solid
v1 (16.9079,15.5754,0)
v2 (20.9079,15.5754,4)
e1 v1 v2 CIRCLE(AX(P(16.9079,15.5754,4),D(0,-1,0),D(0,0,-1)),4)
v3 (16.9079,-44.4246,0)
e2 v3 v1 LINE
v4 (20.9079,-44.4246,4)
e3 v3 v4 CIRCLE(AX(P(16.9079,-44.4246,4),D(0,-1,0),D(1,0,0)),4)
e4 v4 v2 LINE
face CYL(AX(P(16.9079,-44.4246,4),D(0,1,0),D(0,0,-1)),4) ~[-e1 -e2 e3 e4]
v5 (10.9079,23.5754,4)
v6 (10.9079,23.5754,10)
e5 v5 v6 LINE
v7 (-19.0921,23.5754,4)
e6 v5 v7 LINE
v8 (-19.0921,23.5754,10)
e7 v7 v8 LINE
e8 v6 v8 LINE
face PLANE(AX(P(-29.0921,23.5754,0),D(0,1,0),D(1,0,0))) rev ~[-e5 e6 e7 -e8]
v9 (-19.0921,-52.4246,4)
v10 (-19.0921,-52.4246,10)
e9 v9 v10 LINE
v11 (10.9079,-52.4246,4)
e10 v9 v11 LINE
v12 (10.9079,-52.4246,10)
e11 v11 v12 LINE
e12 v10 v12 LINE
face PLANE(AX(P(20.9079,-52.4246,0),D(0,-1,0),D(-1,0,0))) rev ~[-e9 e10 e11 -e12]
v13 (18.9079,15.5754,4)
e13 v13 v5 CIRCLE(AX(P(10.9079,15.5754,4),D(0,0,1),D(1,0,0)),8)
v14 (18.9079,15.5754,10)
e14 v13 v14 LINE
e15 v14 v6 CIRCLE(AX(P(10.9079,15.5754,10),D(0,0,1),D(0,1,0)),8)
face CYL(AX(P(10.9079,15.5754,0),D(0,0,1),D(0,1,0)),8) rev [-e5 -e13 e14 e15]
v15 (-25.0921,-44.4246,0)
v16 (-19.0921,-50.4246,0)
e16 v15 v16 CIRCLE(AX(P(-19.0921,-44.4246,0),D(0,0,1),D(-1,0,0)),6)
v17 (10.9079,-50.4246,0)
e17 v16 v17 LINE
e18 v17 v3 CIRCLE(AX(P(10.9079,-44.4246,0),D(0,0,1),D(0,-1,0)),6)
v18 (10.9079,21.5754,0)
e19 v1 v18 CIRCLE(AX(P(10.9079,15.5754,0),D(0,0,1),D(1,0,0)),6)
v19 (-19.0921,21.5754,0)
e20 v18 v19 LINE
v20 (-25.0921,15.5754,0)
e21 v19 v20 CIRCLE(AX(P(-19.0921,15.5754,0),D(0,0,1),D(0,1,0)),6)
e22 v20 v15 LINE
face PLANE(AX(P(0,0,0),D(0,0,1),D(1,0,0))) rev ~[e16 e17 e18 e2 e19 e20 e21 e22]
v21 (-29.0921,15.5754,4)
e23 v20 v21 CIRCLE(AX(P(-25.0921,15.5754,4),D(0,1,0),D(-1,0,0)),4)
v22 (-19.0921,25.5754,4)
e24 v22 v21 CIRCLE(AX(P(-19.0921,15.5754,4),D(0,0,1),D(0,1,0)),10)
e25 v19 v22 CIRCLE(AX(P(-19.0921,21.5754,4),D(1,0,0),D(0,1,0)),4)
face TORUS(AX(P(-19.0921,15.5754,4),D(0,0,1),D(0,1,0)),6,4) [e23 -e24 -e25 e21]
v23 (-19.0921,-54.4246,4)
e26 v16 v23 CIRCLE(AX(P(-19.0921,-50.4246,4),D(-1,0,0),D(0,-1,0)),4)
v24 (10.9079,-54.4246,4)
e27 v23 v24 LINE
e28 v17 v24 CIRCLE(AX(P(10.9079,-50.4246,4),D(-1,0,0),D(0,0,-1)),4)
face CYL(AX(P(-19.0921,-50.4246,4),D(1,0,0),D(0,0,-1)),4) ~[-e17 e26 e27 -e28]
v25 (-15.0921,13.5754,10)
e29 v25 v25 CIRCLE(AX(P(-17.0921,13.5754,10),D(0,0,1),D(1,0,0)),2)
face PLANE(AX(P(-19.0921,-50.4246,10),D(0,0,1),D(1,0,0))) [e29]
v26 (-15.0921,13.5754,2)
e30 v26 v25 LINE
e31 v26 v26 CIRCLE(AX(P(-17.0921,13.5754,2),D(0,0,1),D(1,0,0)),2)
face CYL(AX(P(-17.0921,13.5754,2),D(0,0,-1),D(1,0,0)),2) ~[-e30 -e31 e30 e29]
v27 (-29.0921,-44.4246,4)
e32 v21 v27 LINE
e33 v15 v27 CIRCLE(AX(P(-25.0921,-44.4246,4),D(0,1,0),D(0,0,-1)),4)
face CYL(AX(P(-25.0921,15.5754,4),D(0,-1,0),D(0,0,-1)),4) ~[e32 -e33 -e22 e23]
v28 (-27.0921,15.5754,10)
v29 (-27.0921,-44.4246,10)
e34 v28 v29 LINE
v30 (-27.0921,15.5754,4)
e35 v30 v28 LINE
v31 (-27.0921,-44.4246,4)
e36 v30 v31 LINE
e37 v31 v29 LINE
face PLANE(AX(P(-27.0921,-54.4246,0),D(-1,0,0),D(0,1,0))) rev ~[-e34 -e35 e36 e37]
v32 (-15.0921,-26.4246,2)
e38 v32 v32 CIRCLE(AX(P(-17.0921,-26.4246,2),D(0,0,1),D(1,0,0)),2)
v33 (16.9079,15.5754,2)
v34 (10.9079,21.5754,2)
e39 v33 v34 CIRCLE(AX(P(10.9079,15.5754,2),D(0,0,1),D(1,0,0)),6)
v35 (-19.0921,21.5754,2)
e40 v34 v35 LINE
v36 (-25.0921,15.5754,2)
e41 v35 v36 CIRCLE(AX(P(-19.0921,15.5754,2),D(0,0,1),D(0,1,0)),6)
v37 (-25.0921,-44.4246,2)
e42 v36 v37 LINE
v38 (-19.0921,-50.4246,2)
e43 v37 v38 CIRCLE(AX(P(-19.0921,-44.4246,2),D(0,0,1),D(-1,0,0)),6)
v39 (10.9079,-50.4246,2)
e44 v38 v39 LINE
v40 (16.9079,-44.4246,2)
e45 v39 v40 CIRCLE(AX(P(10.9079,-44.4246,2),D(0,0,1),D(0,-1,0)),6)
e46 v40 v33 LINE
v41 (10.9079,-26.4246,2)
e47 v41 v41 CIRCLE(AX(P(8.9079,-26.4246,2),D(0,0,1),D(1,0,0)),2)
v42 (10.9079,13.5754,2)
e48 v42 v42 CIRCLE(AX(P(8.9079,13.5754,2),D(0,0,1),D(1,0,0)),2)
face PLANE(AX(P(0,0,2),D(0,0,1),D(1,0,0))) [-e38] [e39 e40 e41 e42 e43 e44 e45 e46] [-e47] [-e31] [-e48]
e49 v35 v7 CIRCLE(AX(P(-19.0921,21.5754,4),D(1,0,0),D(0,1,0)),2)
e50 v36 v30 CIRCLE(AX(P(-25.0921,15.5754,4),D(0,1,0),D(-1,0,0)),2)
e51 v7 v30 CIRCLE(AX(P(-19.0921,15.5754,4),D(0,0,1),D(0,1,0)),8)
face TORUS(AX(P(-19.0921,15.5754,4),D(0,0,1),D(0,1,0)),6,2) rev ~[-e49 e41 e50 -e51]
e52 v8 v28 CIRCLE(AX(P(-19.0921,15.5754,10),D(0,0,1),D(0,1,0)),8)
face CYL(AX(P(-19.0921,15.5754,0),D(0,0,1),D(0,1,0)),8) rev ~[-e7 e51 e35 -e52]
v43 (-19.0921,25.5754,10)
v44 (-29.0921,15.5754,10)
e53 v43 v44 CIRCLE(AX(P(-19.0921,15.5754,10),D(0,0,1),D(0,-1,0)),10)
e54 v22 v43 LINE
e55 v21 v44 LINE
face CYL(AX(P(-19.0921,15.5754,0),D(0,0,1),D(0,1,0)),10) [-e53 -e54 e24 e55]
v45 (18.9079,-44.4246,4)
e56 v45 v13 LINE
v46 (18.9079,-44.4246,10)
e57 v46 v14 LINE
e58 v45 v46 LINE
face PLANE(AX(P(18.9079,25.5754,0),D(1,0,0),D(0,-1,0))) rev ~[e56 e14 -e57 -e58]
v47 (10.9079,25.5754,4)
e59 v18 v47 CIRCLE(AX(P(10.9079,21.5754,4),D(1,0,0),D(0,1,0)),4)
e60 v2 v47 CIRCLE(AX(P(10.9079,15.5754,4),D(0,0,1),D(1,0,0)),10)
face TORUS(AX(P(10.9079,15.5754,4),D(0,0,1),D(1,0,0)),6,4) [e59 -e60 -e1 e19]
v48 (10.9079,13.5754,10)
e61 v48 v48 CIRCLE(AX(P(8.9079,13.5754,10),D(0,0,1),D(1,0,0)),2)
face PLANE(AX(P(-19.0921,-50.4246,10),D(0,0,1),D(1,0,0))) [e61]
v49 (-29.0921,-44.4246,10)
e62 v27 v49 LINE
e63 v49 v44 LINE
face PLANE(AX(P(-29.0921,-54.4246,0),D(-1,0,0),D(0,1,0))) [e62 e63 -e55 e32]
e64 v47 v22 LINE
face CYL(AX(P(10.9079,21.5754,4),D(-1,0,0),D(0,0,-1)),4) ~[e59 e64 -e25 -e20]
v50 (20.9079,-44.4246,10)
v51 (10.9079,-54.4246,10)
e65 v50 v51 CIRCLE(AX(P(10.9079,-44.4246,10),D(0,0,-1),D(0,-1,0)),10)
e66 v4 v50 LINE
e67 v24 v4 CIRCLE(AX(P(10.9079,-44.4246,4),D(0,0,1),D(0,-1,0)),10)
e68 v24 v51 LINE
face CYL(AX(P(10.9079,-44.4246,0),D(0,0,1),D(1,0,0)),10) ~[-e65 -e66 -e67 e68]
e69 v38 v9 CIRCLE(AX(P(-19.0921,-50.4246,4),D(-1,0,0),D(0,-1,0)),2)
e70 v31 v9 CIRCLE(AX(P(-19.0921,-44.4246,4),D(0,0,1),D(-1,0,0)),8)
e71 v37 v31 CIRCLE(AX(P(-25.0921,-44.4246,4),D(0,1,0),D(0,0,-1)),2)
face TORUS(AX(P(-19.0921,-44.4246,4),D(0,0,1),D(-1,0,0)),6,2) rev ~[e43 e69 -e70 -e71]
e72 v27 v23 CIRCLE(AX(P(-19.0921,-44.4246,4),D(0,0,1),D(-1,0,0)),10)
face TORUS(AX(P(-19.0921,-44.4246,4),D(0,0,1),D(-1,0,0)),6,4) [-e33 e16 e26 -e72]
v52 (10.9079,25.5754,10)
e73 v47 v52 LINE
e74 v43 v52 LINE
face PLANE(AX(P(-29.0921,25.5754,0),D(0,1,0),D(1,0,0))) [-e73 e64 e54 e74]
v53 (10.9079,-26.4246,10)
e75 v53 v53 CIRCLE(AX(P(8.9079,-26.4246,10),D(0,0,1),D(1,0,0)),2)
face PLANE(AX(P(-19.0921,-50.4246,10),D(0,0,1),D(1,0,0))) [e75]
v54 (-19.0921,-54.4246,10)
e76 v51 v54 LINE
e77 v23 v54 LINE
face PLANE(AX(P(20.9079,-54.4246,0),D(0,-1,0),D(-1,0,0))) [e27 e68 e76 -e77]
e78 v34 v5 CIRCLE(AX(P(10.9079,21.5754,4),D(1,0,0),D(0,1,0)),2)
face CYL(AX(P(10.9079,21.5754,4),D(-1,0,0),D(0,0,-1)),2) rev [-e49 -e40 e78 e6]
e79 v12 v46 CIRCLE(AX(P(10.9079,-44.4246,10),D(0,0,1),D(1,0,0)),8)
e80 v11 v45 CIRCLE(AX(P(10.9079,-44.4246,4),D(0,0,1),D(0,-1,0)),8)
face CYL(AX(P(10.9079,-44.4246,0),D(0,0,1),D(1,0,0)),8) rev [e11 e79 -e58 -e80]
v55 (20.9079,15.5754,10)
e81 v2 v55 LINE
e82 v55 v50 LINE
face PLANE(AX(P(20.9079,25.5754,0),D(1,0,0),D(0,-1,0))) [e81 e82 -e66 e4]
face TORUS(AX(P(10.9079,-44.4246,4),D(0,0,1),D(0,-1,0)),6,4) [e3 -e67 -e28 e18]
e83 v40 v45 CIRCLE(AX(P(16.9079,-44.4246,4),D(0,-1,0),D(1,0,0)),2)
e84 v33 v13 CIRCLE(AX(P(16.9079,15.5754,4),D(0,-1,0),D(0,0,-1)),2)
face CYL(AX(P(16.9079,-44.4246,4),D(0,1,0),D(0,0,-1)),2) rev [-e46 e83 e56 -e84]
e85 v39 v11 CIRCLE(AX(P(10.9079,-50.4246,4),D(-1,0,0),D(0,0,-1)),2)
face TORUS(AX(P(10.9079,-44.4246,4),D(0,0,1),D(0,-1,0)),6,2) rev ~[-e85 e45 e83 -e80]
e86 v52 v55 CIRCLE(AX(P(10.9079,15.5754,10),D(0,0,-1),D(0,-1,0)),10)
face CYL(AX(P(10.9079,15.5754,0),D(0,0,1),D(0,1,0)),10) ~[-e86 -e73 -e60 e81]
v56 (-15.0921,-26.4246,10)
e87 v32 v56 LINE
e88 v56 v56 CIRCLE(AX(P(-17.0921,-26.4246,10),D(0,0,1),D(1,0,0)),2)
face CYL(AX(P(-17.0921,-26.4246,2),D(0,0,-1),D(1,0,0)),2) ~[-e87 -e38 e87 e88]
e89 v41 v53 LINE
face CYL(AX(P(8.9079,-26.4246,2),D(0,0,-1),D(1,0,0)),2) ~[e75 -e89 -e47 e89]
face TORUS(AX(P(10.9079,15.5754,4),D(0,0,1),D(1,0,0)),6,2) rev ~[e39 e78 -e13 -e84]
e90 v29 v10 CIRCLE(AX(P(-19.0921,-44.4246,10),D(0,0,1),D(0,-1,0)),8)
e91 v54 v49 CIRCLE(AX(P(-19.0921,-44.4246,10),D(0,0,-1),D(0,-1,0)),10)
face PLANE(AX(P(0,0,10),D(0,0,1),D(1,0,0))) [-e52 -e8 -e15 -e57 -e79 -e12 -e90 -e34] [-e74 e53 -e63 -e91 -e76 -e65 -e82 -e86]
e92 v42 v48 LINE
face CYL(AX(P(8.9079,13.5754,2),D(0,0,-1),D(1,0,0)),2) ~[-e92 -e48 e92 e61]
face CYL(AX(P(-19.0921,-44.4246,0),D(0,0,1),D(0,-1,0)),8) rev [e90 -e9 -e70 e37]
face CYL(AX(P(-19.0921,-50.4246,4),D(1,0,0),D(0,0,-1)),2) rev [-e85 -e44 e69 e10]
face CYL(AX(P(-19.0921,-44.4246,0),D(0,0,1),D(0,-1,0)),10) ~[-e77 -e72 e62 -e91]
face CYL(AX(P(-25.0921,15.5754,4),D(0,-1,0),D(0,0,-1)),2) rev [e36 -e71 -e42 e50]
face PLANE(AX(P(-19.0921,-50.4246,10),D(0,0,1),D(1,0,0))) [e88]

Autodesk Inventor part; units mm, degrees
ref_plane "YZ Plane" through (0, 0, 0) normal (1, 0, 0) x (0, 1, 0)
ref_plane "XZ Plane" through (0, 0, 0) normal (0, 1, 0) x (-1, 0, 0)
ref_plane "XY Plane" through (0, 0, 0) normal (0, 0, 1) x (1, 0, 0)
sketch "Esboço1" plane through (0, 0, 0) normal (0, 0, 1) x (1, 0, 0)
  line L0 (-29.0921, 25.5754) -> (20.9079, 25.5754)
  line L1 (20.9079, 25.5754) -> (20.9079, -54.4246)
  line L2 (20.9079, -54.4246) -> (-29.0921, -54.4246)
  line L3 (-29.0921, -54.4246) -> (-29.0921, 25.5754)
  point P0 (0, 0)
extrude "Extrusão1" add sketch "Esboço1" along normal blind 10
fillet "Arredondamento1" radius 10 4 edges at (-29.0921, 25.5754, 5) (20.9079, 25.5754, 5) (20.9079, -54.4246, 5) (-29.0921, -54.4246, 5)
fillet "Arredondamento2" radius 4 8 edges at (-26.1631, 22.6465, 0) (-29.0921, -14.4246, 0) (-26.1631, -51.4956, 0) (-4.0921, -54.4246, 0) (17.979, -51.4956, 0) (20.9079, -14.4246, 0) (17.979, 22.6465, 0) (-4.0921, 25.5754, 0)
shell "Casca1" thickness 2 removed faces 1 at (-12.4254, -4.4246, 10)
sketch "Esboço2" plane through (-19.0921, -50.4246, 2) normal (0, 0, 1) x (1, 0, 0)
  arc A0 (-8, 6) -> (0, -2) centre (0, 6) ccw projected
  line L0 (-8, 6) -> (-8, 66) projected
  arc A1 (0, 74) -> (-8, 66) centre (0, 66) ccw projected
  line L1 (0, 74) -> (30, 74) projected
  arc A2 (38, 66) -> (30, 74) centre (30, 66) ccw projected
  line L2 (38, 66) -> (38, 6) projected
  arc A3 (30, -2) -> (38, 6) centre (30, 6) ccw projected
  line L3 (30, -2) -> (0, -2) projected
  arc A4 (-10, 6) -> (0, -4) centre (0, 6) ccw projected
  line L4 (0, -4) -> (30, -4) projected
  arc A5 (30, -4) -> (40, 6) centre (30, 6) ccw projected
  line L5 (40, 6) -> (40, 66) projected
  arc A6 (40, 66) -> (30, 76) centre (30, 66) ccw projected
  line L6 (30, 76) -> (0, 76) projected
  arc A7 (0, 76) -> (-10, 66) centre (0, 66) ccw projected
  line L7 (-10, 66) -> (-10, 6) projected
  arc A8 (0, 72) -> (-6, 66) centre (0, 66) ccw projected
  circle A9 centre (2, 64) radius 2
  circle A10 centre (28, 64) radius 2
  circle A11 centre (2, 24) radius 2
  circle A12 centre (28, 24) radius 2
  point P0 (19.0921, 50.4246)
  dimension "d16" = 8
  dimension "d17" = 8
  dimension "d18" = 36
  dimension "d19" = 36
  dimension "d20" = 12
  dimension "d21" = 12
extrude "Extrusão2" add sketch "Esboço2" along normal up to surface (8 mm away) contours A9 | A10 | A11 | A12
equation "\"d17\" = d16"
equation "\"d19\" = d18"
properties part number "Carcaca-Baixa"
